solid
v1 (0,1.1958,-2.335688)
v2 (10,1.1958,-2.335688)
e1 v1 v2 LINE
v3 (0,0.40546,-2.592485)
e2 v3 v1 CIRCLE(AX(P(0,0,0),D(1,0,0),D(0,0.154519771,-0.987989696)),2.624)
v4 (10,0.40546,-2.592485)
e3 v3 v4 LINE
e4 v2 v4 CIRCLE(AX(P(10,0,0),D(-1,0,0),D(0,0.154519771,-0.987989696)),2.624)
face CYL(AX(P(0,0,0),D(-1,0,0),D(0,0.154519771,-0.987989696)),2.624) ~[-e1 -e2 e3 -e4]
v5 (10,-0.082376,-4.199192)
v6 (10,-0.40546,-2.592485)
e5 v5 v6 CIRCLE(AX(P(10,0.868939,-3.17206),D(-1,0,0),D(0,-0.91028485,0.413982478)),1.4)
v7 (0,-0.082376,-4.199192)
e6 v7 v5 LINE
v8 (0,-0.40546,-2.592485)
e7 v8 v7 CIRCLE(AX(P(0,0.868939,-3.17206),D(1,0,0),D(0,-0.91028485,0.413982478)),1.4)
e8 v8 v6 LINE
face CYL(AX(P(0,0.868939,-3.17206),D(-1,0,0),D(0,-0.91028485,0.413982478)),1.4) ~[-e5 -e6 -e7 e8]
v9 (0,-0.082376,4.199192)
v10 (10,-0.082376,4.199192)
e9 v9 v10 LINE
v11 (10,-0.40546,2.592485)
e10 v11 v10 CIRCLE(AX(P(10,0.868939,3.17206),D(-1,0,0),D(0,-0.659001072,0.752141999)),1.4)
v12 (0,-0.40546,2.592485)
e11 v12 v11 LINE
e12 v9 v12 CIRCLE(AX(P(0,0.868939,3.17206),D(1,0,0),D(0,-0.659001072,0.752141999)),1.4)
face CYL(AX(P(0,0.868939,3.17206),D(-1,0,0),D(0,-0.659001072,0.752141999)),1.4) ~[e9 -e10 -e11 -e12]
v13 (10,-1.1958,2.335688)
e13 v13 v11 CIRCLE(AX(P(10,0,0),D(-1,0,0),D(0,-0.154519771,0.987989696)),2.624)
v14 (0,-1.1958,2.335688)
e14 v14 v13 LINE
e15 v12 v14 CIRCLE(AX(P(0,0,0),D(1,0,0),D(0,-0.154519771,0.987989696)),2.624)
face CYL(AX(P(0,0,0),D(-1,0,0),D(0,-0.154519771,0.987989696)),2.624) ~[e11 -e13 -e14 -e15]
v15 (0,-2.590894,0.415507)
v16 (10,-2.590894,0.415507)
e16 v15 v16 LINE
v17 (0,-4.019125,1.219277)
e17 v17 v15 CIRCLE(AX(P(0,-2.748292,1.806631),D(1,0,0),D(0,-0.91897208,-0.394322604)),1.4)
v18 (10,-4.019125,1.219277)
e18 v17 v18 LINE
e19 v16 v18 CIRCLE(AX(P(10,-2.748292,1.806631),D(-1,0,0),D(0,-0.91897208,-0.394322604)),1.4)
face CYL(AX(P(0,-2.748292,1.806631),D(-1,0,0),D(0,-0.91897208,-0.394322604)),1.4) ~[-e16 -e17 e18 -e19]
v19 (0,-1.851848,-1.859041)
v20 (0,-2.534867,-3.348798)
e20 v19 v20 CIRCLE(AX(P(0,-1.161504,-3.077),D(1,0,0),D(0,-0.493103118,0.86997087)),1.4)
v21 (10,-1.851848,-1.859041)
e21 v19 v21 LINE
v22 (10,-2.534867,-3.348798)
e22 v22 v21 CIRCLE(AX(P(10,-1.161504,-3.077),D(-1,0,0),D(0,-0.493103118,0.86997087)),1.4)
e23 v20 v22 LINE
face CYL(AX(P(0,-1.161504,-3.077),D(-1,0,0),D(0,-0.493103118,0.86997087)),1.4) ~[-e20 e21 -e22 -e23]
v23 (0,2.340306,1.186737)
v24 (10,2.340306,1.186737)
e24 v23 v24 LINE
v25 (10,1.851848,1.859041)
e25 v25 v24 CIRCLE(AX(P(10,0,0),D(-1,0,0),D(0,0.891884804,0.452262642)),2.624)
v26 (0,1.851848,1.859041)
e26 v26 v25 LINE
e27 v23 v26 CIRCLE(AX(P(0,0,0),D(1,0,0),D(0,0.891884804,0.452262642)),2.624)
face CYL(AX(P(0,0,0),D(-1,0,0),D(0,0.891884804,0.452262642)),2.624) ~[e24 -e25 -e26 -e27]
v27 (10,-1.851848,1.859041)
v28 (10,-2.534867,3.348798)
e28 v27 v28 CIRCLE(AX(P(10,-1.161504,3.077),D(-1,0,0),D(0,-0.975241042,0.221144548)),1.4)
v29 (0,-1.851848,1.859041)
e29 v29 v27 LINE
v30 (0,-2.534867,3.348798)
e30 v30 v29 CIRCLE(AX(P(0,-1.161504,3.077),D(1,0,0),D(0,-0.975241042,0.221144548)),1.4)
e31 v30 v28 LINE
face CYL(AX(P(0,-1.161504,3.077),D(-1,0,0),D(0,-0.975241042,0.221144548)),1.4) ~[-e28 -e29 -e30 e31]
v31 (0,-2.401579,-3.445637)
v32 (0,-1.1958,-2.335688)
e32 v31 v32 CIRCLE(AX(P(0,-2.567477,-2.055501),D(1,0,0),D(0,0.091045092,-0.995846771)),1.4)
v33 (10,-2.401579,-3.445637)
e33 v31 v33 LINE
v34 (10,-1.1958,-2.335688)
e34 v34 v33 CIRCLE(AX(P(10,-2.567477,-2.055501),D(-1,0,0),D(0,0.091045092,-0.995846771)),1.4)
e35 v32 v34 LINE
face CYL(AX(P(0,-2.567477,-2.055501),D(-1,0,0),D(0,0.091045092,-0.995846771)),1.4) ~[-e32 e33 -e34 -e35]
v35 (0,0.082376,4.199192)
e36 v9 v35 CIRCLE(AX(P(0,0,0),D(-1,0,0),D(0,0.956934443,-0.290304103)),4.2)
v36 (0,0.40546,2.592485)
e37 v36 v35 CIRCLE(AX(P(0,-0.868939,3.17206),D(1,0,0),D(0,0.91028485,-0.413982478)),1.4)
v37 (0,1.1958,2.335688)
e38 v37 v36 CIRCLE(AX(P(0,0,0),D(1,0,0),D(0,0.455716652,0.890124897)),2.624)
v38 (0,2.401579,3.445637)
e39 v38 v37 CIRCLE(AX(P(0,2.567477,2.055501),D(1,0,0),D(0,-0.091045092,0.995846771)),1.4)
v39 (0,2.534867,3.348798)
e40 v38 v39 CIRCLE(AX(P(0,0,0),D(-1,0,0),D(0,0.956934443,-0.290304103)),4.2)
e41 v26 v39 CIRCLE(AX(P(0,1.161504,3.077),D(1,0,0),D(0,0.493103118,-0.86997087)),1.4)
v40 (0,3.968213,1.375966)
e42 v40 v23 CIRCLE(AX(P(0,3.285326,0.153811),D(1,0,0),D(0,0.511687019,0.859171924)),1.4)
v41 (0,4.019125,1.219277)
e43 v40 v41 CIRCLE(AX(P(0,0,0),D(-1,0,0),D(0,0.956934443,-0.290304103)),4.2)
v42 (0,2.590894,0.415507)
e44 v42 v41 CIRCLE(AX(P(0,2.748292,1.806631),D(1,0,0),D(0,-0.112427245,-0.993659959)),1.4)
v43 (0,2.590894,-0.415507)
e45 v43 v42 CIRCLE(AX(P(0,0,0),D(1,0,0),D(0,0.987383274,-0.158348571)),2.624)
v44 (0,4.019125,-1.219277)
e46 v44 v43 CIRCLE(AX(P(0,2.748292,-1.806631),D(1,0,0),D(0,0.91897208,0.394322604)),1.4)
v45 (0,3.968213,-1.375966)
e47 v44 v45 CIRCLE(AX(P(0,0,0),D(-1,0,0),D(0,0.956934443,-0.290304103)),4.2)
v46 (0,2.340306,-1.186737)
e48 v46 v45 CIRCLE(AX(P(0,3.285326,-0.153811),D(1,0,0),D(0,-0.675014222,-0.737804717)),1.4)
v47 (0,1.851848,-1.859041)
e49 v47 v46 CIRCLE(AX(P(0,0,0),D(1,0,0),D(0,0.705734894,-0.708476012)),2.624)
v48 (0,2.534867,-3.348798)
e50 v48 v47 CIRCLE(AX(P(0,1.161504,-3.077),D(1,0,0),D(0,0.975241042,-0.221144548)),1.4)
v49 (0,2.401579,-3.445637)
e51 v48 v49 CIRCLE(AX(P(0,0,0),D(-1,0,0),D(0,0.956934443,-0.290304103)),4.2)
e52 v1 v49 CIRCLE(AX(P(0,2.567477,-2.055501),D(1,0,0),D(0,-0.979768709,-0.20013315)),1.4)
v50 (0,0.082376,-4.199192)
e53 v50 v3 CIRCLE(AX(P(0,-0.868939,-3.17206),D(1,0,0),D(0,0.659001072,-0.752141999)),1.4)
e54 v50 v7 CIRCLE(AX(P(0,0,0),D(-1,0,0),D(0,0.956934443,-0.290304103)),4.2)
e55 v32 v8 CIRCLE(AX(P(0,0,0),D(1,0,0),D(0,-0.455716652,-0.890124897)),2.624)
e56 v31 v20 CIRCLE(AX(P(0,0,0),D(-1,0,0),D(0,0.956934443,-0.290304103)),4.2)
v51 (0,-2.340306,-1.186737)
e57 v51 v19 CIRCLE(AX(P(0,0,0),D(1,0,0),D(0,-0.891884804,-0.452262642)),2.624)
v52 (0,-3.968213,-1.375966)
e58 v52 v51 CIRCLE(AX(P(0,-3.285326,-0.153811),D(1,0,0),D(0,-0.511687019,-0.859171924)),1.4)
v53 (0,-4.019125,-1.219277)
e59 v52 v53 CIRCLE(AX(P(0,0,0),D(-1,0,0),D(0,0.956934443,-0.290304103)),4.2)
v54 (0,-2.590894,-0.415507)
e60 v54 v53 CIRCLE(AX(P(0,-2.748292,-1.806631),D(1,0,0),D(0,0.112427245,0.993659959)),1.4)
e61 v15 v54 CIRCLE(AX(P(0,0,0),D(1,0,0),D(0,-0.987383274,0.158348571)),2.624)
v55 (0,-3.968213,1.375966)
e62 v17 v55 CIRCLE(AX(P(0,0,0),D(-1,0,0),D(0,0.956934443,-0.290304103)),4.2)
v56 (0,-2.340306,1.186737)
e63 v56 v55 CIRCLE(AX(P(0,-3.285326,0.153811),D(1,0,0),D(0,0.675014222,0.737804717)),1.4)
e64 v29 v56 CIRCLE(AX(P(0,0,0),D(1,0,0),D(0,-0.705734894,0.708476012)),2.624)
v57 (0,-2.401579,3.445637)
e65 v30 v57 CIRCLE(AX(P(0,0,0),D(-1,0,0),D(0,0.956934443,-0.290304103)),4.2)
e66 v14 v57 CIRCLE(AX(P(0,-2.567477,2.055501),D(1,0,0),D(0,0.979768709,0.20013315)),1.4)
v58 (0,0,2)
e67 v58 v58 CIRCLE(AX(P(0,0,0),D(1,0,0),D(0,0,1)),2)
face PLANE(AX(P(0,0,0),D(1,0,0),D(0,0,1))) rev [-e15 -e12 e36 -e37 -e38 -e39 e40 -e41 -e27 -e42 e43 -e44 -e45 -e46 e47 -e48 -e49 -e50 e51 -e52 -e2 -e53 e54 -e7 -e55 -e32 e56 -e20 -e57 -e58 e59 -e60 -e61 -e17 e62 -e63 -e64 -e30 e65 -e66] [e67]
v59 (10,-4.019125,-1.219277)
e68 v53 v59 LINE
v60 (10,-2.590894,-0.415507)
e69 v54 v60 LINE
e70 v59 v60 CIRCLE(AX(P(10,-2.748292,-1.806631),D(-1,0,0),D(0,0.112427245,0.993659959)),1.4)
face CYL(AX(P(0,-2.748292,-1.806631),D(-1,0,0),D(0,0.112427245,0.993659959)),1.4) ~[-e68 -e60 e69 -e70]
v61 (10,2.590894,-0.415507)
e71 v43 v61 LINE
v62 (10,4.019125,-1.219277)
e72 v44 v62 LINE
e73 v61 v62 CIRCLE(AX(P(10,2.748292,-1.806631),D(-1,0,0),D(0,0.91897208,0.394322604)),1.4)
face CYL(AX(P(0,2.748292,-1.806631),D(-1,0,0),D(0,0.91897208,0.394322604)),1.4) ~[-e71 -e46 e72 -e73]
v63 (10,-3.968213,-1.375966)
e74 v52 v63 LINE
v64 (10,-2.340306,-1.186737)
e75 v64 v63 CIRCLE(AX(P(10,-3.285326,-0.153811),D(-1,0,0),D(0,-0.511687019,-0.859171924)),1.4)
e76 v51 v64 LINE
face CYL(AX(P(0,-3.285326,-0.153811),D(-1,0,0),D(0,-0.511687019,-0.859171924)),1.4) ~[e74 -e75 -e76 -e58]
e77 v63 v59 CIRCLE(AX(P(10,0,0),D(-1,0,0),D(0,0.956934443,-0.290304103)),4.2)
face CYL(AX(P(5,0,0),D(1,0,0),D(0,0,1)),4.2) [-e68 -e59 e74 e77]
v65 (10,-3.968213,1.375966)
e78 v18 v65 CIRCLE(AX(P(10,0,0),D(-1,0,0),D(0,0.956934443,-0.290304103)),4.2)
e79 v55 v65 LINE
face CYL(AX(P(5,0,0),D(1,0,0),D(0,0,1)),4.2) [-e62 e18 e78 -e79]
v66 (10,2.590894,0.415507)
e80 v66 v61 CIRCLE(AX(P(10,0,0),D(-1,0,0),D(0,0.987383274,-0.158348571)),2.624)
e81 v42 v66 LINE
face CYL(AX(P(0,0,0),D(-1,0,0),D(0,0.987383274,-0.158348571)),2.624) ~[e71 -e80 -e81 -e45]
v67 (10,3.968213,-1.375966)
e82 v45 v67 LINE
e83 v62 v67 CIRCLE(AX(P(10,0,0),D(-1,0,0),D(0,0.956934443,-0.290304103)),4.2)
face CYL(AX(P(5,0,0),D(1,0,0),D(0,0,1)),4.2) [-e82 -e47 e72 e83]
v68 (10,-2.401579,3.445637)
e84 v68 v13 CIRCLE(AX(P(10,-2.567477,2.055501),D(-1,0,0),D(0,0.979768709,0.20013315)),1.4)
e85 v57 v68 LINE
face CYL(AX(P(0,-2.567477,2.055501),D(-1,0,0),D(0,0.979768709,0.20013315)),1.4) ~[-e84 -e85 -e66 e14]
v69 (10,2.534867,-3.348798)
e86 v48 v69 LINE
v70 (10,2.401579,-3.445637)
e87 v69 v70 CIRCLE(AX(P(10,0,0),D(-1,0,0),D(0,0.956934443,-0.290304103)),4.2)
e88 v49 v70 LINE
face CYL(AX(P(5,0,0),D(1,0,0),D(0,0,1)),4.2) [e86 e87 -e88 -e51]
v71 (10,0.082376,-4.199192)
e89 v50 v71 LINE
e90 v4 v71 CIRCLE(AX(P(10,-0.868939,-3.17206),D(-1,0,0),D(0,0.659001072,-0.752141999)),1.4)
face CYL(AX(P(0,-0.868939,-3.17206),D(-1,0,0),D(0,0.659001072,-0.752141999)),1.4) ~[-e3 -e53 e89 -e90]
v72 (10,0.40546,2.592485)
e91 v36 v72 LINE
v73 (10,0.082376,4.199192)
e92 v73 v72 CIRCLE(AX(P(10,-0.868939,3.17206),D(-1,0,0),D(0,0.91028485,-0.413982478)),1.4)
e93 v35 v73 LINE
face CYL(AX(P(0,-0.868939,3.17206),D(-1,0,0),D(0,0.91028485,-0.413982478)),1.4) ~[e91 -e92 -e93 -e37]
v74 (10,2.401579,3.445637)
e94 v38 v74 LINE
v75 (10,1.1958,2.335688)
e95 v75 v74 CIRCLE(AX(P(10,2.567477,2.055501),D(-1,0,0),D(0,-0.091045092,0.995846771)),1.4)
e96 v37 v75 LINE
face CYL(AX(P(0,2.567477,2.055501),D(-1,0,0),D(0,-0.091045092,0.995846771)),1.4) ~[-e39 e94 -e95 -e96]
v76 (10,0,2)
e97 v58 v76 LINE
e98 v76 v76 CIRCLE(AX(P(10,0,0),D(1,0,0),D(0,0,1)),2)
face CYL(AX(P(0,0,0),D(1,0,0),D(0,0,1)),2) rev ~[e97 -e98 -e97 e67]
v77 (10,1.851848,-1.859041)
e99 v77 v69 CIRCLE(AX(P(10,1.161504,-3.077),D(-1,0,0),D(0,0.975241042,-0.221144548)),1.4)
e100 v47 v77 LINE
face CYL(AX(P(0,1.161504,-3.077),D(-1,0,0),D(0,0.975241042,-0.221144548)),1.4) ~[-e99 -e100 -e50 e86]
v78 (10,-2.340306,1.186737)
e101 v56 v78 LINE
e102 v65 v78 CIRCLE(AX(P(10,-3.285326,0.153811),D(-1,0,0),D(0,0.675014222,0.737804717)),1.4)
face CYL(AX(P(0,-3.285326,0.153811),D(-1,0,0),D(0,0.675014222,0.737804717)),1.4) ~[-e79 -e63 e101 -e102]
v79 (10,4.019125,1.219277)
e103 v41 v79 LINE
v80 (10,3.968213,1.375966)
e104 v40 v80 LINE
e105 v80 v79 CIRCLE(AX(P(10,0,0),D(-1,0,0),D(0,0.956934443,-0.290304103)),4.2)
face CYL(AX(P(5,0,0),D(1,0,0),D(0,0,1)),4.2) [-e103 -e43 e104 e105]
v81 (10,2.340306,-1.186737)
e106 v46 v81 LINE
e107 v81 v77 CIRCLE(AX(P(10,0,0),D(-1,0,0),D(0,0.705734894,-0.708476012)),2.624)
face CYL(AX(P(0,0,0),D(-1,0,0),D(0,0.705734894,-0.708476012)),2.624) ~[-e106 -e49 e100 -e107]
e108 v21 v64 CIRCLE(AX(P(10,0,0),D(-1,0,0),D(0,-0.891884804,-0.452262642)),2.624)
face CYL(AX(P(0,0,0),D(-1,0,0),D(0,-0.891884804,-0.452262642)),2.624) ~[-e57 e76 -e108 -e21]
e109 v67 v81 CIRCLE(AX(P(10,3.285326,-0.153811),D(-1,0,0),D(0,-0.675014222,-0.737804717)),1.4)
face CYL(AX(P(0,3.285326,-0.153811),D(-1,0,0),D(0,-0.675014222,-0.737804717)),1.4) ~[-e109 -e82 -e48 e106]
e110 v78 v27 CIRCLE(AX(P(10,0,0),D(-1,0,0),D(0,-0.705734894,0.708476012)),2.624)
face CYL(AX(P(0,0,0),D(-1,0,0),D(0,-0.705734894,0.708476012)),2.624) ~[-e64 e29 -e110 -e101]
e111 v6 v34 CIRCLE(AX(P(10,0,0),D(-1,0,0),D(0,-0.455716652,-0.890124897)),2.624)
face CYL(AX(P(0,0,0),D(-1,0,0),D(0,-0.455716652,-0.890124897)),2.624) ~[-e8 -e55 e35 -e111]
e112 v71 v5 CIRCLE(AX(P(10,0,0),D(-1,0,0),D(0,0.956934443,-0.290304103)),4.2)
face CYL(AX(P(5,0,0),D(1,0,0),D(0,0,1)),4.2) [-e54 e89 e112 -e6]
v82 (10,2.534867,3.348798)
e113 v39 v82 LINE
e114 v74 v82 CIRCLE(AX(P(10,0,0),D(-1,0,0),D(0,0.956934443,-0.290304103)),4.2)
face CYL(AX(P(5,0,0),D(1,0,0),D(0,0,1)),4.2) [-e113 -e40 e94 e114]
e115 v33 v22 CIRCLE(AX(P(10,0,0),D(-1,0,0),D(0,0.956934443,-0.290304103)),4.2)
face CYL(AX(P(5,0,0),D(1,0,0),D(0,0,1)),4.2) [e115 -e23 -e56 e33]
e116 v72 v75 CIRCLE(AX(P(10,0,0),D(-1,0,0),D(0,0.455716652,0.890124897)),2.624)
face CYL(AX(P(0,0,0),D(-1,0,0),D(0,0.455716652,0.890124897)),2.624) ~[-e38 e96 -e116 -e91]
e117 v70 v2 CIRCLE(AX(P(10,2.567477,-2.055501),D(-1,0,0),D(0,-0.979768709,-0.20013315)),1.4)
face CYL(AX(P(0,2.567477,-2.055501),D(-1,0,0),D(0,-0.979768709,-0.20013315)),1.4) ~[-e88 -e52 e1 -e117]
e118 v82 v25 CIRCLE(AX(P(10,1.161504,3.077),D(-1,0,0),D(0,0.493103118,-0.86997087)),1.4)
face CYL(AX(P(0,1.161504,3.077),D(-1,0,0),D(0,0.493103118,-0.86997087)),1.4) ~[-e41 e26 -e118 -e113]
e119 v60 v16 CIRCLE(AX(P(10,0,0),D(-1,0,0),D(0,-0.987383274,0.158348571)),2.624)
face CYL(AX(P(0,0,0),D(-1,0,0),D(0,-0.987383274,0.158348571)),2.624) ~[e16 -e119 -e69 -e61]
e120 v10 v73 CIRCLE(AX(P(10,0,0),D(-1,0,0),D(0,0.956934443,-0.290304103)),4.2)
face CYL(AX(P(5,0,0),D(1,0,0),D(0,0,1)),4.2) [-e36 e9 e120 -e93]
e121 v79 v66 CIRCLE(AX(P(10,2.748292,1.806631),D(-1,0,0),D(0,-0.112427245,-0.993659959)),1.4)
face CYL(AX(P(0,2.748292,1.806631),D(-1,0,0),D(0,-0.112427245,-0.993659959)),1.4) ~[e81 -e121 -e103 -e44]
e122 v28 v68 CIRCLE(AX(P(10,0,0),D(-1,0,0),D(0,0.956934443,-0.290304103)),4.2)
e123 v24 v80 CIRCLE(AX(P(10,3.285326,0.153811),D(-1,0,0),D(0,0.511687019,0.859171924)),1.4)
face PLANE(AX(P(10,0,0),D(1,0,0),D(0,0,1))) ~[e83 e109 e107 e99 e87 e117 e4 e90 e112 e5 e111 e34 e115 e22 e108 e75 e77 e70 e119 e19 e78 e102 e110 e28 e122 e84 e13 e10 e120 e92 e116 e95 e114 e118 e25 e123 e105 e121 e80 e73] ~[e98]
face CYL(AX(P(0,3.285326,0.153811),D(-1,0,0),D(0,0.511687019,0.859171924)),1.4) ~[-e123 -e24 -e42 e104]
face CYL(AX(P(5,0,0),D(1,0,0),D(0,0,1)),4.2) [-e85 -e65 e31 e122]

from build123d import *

# Parameters (mm, degrees)
BASPROSKE_W     = 10
BASPROSKE_H     = 4.2
TOOTHCUT_DEPTH  = 12.630993079
TEETHCUTS_COUNT = 10
TEETHCUTS_ANGLE = 324
BORSKE_R        = 2
BORE_DEPTH      = 50.0000508


with BuildPart() as part:
    # BasProSke → Base-Revolve (revolve)
    with BuildSketch(Plane(origin=(0, 0, 0), x_dir=(1, 0, 0), z_dir=(0, 1, 0)), mode=Mode.PRIVATE) as base_revolve_sk:
        with Locations((5, 2.1)):
            Rectangle(BASPROSKE_W, BASPROSKE_H)
    revolve(base_revolve_sk.sketch.rotate(Axis((-10, 0, 0), (1, 0, 0)), 180), axis=Axis((-10, 0, 0), (1, 0, 0)))

    # TooCutSke → ToothCut (cut, through all)
    with BuildSketch(Plane(origin=(0, 0, 0), x_dir=(0, 0, -1), z_dir=(1, 0, 0))):
        with BuildLine():
            ThreePointArc((0.415506654, 2.590893711), (0, 2.624), (-0.415506654, 2.590893711))
            ThreePointArc((-0.415506654, 2.590893711), (-0.596160737, 3.451685568), (-1.254578949, 4.034852763))
            ThreePointArc((-1.254578949, 4.034852763), (0, 4.2254), (1.254578949, 4.034852763))
            ThreePointArc((1.254578949, 4.034852763), (0.596160737, 3.451685568), (0.415506654, 2.590893711))
        make_face()
    toothcut = extrude(amount=TOOTHCUT_DEPTH, mode=Mode.SUBTRACT)

    # TeethCuts: ToothCut ×10 about axis
    teethcuts_axis = Axis((-10, 0, 0), (1, 0, 0))
    for i in range(1, TEETHCUTS_COUNT):
        add(toothcut.rotate(teethcuts_axis, i * TEETHCUTS_ANGLE / (TEETHCUTS_COUNT - 1)), mode=Mode.SUBTRACT)

    # BorSke → Bore (cut, symmetric)
    with BuildSketch(Plane(origin=(0, 0, 0), x_dir=(0, 0, -1), z_dir=(1, 0, 0))):
        with Locations(Location((0, 0, 0), (0, 0, 180))):
            Circle(BORSKE_R)
    extrude(amount=BORE_DEPTH, both=True, mode=Mode.SUBTRACT)


solid = part.part
